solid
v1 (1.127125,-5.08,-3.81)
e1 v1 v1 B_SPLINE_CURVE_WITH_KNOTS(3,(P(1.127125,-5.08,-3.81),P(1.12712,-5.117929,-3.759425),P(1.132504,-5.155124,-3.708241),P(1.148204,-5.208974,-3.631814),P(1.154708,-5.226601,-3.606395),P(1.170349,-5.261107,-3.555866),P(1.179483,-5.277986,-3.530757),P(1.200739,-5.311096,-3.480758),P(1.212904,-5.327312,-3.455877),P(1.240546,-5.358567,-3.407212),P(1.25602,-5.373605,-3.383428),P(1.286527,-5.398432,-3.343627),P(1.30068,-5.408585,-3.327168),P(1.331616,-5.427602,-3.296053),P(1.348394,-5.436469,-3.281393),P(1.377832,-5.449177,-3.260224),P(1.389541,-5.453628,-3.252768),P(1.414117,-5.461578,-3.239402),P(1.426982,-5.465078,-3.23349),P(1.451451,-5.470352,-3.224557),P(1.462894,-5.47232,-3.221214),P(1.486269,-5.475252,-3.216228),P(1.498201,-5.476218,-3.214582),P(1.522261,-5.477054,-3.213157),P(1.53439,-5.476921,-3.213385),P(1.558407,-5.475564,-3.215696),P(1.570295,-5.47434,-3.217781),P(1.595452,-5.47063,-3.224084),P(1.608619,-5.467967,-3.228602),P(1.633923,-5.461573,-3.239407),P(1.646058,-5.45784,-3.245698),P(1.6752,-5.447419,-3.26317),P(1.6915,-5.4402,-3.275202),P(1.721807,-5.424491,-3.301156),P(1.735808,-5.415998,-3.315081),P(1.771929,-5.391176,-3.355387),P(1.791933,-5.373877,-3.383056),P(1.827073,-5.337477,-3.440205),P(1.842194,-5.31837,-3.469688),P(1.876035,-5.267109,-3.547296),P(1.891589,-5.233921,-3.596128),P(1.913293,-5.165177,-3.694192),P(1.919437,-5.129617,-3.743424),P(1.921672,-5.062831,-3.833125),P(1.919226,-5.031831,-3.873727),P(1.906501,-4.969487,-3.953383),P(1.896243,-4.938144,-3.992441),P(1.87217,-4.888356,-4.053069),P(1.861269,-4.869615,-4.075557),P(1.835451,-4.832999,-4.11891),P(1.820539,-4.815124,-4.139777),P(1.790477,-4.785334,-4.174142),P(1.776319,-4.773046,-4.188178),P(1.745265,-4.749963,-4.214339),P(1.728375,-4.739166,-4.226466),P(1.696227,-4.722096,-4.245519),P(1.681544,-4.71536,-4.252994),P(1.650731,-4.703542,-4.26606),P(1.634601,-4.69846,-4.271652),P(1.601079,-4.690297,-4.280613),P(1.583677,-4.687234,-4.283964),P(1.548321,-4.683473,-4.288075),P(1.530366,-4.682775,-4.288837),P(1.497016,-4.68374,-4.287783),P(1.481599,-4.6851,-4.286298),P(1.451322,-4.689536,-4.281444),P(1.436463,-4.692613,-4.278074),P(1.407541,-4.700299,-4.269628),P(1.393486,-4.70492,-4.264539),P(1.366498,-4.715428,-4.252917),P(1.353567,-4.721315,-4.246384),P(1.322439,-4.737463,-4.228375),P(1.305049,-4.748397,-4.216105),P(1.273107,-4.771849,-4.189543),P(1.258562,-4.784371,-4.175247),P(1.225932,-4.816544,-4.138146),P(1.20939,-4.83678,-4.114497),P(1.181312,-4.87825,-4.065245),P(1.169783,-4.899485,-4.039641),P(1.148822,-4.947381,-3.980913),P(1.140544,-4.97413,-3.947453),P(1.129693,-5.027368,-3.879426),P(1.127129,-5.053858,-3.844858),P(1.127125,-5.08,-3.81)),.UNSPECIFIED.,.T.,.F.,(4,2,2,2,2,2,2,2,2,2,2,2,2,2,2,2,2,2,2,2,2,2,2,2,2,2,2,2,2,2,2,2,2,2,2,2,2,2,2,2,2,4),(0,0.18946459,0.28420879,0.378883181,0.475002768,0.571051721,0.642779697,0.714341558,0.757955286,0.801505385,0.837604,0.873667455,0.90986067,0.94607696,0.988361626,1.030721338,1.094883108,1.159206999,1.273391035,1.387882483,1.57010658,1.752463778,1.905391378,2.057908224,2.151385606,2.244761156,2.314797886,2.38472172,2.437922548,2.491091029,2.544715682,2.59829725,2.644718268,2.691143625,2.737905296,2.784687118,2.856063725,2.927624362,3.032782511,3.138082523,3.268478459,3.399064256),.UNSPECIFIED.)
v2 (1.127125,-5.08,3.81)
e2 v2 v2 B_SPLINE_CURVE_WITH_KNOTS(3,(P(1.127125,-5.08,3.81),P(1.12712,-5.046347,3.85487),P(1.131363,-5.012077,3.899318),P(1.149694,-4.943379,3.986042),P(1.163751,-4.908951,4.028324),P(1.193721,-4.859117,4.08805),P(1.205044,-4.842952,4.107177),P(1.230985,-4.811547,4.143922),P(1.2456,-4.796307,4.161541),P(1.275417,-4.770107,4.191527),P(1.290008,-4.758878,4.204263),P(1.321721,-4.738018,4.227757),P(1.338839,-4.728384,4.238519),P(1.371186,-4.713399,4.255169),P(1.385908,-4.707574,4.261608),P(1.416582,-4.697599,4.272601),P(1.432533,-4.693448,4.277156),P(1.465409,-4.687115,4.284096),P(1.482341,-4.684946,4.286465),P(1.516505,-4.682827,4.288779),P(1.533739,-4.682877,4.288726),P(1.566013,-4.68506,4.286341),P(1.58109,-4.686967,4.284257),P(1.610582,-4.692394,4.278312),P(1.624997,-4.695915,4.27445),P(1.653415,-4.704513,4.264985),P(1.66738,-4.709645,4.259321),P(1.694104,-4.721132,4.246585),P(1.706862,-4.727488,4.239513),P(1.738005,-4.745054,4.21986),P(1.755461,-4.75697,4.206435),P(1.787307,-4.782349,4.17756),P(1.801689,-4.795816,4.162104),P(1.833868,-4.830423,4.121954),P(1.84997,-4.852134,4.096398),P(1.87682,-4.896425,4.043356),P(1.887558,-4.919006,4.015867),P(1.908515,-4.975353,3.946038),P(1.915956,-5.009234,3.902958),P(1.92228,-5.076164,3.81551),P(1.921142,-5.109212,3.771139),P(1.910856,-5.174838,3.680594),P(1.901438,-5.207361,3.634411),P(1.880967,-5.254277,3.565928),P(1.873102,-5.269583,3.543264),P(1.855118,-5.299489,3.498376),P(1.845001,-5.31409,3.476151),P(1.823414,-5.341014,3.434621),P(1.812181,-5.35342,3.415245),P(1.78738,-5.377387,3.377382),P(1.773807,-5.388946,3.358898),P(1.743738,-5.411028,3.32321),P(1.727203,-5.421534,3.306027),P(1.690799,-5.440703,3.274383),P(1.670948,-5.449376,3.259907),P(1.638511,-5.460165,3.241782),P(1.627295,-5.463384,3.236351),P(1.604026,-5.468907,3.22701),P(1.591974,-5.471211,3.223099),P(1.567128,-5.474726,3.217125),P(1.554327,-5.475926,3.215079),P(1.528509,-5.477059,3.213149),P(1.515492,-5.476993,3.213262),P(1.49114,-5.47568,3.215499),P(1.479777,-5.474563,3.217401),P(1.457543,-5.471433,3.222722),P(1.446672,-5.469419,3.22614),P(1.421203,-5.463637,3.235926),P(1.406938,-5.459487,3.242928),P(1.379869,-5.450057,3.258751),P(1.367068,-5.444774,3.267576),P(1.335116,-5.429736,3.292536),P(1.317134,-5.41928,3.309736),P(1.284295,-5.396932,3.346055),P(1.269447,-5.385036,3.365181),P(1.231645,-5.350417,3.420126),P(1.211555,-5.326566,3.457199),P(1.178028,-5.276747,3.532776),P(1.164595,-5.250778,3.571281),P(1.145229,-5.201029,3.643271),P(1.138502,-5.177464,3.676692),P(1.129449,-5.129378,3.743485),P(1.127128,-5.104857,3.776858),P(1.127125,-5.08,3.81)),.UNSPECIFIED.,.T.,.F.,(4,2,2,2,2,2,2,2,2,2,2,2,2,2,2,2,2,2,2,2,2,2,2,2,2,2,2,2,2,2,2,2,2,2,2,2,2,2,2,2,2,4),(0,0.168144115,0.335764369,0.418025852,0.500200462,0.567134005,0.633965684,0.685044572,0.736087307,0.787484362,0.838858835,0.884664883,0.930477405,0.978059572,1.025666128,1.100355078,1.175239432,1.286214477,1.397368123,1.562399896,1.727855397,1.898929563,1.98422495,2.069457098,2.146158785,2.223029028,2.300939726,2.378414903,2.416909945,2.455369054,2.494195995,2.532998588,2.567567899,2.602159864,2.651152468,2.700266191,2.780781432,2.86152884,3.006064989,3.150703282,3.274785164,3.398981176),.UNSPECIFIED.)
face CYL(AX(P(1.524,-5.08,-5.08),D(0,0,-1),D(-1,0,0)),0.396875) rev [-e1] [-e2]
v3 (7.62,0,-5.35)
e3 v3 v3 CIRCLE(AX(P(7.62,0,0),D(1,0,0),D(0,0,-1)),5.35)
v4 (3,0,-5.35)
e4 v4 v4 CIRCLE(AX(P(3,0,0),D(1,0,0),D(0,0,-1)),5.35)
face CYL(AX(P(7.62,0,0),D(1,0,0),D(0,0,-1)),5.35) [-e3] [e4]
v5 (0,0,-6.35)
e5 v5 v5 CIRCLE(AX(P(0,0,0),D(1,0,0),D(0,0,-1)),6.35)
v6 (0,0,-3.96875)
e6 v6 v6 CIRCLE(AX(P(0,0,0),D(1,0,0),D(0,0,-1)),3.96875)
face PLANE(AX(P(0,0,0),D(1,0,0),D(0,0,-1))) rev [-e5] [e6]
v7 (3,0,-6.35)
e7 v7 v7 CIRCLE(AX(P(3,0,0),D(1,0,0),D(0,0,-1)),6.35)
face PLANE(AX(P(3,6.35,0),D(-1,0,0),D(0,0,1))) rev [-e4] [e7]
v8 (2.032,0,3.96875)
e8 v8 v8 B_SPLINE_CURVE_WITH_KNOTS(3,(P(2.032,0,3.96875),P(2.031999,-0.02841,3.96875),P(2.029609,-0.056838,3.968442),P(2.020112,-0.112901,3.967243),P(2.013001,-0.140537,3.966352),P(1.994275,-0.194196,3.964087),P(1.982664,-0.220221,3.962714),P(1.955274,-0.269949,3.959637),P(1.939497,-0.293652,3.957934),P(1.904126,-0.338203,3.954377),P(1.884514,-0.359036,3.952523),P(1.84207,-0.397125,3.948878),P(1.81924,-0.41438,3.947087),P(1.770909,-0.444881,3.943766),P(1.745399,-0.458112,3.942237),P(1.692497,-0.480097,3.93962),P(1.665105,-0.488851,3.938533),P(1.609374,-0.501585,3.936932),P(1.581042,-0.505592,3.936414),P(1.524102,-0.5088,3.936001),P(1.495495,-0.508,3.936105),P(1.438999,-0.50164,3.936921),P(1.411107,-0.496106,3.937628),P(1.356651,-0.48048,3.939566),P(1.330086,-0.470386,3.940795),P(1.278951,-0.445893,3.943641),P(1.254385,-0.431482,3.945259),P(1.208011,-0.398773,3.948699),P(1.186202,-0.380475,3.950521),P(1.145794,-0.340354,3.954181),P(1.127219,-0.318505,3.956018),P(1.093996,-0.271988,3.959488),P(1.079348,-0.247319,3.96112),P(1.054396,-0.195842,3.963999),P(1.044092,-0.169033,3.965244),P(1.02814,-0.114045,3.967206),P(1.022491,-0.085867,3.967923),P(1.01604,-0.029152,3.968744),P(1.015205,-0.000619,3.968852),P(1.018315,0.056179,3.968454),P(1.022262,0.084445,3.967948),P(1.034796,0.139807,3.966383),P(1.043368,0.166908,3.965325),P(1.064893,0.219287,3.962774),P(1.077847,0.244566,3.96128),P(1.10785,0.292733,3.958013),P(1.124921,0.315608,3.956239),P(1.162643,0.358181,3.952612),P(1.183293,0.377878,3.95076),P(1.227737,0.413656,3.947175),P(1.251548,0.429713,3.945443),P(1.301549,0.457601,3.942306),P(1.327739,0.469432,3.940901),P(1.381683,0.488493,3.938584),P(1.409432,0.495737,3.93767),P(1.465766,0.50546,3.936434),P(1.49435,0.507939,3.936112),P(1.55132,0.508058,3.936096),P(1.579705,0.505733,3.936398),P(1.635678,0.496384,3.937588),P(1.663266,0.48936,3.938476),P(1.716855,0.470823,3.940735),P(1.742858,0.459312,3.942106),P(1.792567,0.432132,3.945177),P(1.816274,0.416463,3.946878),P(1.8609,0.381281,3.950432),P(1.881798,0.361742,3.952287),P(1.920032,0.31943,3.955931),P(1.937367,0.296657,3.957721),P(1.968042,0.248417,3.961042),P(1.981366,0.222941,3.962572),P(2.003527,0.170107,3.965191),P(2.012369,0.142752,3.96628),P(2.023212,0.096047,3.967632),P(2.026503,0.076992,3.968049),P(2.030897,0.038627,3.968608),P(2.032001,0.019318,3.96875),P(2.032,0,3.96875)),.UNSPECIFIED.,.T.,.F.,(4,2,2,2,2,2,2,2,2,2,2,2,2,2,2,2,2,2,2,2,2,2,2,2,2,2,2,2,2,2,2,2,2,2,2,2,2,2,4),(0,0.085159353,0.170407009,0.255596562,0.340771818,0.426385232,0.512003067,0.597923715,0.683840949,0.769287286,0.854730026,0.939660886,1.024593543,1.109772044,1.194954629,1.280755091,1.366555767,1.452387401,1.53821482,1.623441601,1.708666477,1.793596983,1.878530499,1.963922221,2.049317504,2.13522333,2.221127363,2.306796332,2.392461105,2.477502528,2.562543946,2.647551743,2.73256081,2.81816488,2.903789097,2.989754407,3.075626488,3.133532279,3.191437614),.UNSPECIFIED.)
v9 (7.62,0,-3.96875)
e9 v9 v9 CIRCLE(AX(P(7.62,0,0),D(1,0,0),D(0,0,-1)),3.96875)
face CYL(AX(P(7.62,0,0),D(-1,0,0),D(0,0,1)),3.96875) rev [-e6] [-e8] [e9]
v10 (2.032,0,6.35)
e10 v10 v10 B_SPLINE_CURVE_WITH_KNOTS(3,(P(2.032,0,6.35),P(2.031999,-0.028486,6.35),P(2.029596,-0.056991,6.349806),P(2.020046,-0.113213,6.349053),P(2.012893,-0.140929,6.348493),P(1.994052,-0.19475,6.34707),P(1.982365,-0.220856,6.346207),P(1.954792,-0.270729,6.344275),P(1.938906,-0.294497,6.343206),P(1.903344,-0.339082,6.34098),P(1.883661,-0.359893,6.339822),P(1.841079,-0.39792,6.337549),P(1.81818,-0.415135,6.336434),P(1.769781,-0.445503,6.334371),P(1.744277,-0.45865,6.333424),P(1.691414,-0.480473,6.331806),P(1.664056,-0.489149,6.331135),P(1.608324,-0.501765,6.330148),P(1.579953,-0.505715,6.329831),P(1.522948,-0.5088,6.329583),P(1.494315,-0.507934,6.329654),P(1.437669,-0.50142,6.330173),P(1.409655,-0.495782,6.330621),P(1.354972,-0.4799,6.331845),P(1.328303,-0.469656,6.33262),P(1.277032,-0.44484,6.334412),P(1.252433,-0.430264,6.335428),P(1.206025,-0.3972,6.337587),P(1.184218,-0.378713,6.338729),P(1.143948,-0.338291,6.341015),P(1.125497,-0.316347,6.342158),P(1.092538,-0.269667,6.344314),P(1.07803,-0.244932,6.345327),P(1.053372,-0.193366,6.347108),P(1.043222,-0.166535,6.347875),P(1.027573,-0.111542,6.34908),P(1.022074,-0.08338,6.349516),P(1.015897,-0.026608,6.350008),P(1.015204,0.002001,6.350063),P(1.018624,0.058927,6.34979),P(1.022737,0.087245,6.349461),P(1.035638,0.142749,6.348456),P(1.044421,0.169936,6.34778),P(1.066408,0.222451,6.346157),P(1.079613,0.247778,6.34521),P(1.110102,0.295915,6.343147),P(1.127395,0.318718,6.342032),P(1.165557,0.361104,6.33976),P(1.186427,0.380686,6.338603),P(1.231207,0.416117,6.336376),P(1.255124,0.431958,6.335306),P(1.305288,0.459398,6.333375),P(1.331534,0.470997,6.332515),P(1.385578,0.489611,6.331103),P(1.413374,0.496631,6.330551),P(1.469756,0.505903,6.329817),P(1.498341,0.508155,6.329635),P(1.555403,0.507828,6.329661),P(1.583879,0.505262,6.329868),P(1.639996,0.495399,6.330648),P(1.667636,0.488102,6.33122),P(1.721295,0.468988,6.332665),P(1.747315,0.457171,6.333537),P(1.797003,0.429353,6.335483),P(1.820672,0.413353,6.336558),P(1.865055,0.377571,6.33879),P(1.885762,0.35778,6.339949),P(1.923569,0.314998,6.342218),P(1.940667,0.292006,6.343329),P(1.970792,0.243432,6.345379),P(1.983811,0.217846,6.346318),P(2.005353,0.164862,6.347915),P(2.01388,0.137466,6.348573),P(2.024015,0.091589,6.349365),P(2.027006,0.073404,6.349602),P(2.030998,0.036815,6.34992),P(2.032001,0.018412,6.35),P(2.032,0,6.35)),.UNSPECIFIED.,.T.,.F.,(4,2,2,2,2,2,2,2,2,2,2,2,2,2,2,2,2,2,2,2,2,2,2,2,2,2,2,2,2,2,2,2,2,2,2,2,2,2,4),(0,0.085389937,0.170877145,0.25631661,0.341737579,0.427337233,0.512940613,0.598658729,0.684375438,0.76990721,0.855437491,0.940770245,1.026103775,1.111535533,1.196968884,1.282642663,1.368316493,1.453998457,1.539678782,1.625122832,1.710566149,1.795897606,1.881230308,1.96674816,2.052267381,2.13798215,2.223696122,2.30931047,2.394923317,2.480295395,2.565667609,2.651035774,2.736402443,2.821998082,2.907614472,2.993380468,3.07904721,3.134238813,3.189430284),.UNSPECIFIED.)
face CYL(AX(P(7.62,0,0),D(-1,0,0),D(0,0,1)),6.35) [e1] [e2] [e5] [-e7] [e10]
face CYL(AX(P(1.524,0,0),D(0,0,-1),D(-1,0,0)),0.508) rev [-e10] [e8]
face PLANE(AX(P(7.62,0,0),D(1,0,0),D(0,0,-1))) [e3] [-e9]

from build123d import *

# Parameters (mm, degrees)
SKETCH1_R                       = 6.35
SKETCH1_R_2                     = 3.96875
BOSS_EXTRUDE1_DEPTH             = 7.62
SKETCH2_W                       = 4.62
SKETCH2_H                       = 1
F_1_32_0_03125_DIAMETER_HOLE1_D = 0.79375


with BuildPart() as part:
    # Sketch1 → Boss-Extrude1 (new body)
    with BuildSketch(Plane(origin=(0, 0, 0), x_dir=(0, 0, -1), z_dir=(1, 0, 0))):
        with Locations(Location((0, 0, 0), (0, 0, 180))):
            Circle(SKETCH1_R)
        with Locations(Location((0, 0, 0), (0, 0, 180))):
            Circle(SKETCH1_R_2, mode=Mode.SUBTRACT)
    extrude(amount=BOSS_EXTRUDE1_DEPTH)

    # Sketch2 → Cut-Revolve1 (revolve, cut)
    with BuildSketch(Plane.XY, mode=Mode.PRIVATE) as cut_revolve1_sk:
        with Locations((5.31, 5.85)):
            Rectangle(SKETCH2_W, SKETCH2_H)
    revolve(cut_revolve1_sk.sketch.rotate(Axis((7.62, 0, 0), (-1, 0, 0)), 270), axis=Axis((7.62, 0, 0), (-1, 0, 0)), mode=Mode.SUBTRACT)

    # Sketch3 → #60 (0.04) Diameter Hole1 (revolve, cut)
    with BuildSketch(Plane.YZ.offset(1.524)):
        Polygon((0, 0), (0, 25.705237194), (0.508, 25.4), (0.508, 0), align=None)
    revolve(axis=Axis((1.524, 0, -6.35), (0, 0, 1)), mode=Mode.SUBTRACT)

    # 1/32 (0.03125) Diameter Hole1 (through all)
    with Locations(Plane(origin=(0, 0, -5.08), x_dir=(1, 0, 0), z_dir=(0, 0, -1))):
        with Locations((1.524, 5.08)):
            Hole(F_1_32_0_03125_DIAMETER_HOLE1_D / 2)


solid = part.part
